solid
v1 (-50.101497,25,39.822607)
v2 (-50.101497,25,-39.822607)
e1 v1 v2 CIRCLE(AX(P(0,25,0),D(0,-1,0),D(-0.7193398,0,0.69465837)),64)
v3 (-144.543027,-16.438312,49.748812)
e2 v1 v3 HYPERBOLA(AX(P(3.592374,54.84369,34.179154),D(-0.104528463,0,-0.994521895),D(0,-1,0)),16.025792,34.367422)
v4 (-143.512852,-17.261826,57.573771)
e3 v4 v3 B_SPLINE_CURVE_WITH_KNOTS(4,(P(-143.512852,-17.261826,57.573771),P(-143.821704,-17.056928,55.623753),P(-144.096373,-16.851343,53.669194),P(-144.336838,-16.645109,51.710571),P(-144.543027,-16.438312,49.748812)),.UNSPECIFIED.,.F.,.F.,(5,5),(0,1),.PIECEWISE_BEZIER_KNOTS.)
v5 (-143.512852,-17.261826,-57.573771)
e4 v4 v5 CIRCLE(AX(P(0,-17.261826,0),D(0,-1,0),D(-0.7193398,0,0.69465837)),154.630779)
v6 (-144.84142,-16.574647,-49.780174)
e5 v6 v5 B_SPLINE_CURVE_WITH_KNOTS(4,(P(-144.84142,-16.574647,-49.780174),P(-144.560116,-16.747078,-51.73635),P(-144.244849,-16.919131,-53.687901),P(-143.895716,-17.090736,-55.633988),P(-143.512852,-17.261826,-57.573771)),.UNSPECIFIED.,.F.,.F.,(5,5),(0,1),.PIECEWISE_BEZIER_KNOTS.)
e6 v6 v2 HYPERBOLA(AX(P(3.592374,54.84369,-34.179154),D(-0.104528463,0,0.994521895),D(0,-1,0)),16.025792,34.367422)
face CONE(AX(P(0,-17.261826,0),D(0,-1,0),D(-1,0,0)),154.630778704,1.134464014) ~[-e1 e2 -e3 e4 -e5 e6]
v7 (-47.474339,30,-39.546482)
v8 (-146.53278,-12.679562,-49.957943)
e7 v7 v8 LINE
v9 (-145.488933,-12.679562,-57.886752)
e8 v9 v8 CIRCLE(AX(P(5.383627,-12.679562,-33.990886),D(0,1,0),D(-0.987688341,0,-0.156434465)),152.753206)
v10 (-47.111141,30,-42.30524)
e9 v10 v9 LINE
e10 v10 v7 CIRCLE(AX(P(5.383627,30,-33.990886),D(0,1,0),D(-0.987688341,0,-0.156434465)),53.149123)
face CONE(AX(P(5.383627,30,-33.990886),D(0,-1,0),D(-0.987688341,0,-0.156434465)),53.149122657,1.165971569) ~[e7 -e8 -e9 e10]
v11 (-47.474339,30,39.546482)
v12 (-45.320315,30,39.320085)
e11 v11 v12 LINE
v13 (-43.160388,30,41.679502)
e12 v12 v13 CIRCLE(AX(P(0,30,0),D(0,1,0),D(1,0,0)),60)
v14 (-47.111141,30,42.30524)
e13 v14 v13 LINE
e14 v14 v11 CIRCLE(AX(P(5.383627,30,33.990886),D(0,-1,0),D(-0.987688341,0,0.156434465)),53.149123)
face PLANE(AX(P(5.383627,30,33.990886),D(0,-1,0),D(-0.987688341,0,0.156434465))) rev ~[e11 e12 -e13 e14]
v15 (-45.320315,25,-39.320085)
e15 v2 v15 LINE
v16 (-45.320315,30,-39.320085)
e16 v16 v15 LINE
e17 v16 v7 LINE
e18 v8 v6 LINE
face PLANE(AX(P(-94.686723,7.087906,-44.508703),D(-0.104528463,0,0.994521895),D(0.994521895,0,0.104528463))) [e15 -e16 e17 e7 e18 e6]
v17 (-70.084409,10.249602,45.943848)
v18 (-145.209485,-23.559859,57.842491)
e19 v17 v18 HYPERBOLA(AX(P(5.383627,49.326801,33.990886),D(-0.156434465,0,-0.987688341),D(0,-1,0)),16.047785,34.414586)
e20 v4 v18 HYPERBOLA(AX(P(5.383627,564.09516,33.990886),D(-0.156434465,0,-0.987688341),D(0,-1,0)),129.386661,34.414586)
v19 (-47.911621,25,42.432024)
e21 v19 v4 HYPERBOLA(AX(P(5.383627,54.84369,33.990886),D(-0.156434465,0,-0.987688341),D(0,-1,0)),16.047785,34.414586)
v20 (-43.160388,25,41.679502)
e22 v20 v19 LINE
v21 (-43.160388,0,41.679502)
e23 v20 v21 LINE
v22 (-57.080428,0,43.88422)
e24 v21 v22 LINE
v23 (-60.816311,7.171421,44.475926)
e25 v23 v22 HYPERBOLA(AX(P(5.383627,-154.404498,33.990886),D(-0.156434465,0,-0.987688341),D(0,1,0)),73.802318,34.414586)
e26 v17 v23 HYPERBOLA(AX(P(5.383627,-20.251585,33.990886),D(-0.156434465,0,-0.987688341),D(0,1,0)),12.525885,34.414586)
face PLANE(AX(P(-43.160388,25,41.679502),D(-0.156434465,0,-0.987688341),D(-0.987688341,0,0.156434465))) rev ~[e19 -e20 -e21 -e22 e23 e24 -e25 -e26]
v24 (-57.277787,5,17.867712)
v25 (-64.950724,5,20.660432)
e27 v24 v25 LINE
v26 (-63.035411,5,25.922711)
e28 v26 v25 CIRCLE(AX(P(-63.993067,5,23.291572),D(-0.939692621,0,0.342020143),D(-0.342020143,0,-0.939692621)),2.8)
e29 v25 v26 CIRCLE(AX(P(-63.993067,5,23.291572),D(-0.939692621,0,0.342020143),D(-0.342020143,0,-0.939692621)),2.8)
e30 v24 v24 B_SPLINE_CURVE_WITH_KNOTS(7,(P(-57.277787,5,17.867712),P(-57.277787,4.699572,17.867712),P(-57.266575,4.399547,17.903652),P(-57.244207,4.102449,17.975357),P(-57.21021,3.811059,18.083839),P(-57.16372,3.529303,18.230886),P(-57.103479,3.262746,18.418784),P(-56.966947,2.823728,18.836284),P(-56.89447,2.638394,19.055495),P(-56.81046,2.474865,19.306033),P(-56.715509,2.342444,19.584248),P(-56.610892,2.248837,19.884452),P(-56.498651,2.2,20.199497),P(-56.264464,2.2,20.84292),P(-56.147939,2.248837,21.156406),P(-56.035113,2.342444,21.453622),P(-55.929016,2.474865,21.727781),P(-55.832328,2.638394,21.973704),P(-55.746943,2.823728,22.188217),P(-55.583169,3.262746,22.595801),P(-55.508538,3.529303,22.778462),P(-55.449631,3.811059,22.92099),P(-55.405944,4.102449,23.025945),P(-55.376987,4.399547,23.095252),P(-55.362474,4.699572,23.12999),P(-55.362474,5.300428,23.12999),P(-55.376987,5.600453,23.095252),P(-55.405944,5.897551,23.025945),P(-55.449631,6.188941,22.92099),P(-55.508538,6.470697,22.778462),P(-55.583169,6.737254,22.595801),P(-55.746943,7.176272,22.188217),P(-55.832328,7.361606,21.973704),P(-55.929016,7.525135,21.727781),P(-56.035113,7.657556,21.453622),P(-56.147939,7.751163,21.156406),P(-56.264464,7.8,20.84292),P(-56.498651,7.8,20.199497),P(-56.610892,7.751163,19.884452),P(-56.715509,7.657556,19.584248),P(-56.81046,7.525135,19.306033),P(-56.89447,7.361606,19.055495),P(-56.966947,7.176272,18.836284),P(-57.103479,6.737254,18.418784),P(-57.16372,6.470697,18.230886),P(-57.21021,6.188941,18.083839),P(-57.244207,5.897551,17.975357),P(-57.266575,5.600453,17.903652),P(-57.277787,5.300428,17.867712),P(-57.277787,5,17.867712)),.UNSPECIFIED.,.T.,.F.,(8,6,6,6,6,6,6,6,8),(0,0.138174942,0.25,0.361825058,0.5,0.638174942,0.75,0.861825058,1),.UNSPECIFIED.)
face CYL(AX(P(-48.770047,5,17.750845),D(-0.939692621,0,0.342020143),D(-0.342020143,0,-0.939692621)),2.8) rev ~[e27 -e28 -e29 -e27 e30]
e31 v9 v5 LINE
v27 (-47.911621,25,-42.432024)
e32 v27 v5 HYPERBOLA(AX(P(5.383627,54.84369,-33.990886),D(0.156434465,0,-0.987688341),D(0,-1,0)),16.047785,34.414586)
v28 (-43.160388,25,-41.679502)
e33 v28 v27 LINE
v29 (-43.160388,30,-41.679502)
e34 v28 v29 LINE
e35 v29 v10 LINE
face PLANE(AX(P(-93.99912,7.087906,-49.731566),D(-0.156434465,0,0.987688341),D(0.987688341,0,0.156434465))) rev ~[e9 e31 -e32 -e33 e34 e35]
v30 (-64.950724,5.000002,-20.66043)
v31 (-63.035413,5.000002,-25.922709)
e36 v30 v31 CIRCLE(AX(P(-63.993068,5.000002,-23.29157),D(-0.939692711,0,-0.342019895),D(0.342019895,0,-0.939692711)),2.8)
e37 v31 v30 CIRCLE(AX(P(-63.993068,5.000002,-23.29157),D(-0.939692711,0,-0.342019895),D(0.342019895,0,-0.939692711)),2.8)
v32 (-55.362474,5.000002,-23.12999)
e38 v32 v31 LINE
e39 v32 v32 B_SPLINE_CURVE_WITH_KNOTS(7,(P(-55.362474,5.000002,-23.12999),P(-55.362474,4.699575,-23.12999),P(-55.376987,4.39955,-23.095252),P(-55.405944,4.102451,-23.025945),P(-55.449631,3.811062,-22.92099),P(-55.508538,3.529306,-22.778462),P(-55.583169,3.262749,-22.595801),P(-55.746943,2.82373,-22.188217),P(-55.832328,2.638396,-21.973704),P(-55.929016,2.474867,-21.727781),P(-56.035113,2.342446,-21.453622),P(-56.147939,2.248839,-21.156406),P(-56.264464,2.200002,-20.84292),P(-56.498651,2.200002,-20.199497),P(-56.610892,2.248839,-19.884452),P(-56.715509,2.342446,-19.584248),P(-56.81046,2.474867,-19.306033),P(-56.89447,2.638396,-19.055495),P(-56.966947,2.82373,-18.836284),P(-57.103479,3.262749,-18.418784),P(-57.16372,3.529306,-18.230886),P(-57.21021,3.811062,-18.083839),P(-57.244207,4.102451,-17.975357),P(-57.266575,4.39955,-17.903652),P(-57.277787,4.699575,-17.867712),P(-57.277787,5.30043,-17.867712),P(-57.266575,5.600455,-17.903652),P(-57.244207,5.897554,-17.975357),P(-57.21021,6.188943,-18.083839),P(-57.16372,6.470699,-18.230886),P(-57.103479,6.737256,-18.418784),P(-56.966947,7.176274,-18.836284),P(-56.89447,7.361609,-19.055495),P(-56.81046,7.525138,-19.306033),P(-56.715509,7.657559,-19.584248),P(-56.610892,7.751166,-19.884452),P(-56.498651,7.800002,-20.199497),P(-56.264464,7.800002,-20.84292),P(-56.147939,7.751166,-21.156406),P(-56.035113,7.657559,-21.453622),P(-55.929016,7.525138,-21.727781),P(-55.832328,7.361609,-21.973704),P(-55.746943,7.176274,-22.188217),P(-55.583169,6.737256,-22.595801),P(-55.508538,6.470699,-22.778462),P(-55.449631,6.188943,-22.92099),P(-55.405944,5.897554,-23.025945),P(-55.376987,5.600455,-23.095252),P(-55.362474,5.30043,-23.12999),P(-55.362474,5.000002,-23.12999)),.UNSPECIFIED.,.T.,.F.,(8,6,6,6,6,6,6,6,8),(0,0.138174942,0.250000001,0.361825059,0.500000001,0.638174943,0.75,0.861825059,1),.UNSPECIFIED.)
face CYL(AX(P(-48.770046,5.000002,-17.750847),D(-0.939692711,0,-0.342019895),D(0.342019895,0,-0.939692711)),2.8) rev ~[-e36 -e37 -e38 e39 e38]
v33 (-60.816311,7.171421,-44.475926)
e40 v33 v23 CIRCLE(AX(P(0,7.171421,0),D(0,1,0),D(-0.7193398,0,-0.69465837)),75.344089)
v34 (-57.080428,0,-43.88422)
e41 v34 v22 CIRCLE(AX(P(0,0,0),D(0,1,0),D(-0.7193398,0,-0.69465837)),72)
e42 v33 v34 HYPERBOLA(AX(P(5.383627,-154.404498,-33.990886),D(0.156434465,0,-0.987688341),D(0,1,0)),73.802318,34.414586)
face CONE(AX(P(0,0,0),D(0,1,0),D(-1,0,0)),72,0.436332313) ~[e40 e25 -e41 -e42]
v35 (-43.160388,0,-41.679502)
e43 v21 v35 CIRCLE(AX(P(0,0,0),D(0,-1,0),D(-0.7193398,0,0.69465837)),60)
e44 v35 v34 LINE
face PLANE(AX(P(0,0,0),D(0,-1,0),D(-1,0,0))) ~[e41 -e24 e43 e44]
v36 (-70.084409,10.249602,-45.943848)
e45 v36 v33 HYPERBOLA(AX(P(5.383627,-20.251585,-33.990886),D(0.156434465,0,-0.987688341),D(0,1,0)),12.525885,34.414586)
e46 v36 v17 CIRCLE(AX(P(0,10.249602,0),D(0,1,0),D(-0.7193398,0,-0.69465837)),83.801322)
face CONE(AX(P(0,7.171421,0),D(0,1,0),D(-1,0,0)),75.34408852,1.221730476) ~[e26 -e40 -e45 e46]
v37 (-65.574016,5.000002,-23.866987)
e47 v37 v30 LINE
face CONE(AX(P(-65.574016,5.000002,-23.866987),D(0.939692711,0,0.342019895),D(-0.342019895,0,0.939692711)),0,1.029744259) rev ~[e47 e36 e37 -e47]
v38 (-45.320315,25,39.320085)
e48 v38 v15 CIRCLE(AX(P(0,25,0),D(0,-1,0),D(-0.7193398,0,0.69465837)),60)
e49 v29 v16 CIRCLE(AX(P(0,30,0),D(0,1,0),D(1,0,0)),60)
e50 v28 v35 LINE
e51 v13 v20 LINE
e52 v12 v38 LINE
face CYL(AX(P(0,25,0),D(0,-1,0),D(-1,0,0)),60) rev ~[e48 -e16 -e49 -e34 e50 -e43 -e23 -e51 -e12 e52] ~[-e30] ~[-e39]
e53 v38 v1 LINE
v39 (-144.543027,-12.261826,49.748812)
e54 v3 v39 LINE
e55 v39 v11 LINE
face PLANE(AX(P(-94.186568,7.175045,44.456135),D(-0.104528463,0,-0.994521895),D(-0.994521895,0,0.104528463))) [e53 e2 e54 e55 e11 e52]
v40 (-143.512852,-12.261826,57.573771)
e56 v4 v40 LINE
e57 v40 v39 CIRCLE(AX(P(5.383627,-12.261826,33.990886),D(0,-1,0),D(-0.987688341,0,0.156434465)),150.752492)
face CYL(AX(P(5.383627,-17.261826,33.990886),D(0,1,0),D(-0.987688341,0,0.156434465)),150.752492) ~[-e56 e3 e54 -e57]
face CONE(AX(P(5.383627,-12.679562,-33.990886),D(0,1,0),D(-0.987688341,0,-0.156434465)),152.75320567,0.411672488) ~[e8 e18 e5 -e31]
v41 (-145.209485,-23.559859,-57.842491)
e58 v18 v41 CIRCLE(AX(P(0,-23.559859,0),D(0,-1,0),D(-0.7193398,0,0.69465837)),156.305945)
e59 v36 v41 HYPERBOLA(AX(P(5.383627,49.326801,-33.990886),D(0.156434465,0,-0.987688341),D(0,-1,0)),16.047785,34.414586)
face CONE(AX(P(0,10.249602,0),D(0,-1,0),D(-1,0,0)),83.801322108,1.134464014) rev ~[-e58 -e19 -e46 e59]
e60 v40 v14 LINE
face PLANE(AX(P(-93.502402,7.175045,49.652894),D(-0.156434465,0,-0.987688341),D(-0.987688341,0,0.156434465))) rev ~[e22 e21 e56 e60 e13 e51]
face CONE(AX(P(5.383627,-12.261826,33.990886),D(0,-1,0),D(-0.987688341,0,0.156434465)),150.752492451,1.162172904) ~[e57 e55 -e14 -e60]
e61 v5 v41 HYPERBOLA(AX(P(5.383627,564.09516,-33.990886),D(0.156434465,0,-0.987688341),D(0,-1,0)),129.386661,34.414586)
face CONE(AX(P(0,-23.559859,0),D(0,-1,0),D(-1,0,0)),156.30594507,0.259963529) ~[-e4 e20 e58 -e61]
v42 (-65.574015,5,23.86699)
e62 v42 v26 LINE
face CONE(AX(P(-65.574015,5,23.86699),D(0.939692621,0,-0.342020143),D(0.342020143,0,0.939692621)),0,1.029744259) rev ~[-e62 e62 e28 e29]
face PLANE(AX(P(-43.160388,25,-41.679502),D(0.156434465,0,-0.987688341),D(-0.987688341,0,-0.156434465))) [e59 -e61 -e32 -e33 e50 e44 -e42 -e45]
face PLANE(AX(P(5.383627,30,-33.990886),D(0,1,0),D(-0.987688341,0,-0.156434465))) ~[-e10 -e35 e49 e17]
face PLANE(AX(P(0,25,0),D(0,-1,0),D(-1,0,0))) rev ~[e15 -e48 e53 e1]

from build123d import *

# Parameters (mm, degrees)
RIVOLUZIONE1_ANGLE                 = 44
RIVOLUZIONE1_OTHER_WAY_ANGLE       = 44
TAGLIO_ESTRUSIONE1_DEPTH           = 59
FORO_PER_VITE_M4_1_D               = 5.6
FORO_PER_VITE_M4_1_DEPTH           = 8.1
FORO_PER_VITE_M4_1_TIP             = 1.682409733
FORO_PER_VITE_M4_1_ON_FACE_2_D     = 5.6
FORO_PER_VITE_M4_1_ON_FACE_2_DEPTH = 8.1
FORO_PER_VITE_M4_1_ON_FACE_2_TIP   = 1.682409733
RIVOLUZIONE2_ANGLE                 = 3
RIVOLUZIONE3_ANGLE                 = 3
TAGLIO_ESTRUSIONE2_START           = -59
SCHIZZO7_R                         = 60
TAGLIO_ESTRUSIONE2_DEPTH           = 59


with BuildPart() as part:
    # Schizzo1 → Rivoluzione1 (revolve)
    with BuildSketch(Plane(origin=(0, 0, 0), x_dir=(-1, 0, 0), z_dir=(0, 0, -1))):
        Polygon((83.801322108, 10.249602265), (156.30594507, -23.559858674), (154.630778704, -17.261826174), (64, 25), (60, 25), (60, 0), (72, 0), (75.34408852, 7.171420975), align=None)
    revolve(axis=Axis((0, 0, 0), (0, 1, 0)), revolution_arc=RIVOLUZIONE1_ANGLE)

    # Schizzo1 → Rivoluzione1 other way (revolve)
    with BuildSketch(Plane(origin=(0, 0, 0), x_dir=(-1, 0, 0), z_dir=(0, 0, -1))):
        Polygon((83.801322108, 10.249602265), (156.30594507, -23.559858674), (154.630778704, -17.261826174), (64, 25), (60, 25), (60, 0), (72, 0), (75.34408852, 7.171420975), align=None)
    revolve(axis=Axis((0, 0, 0), (0, -1, 0)), revolution_arc=RIVOLUZIONE1_OTHER_WAY_ANGLE)

    # Schizzo6 → Taglio-Estrusione1 (cut)
    with BuildSketch(Plane(origin=(0, 25, 0), x_dir=(1, 0, 0), z_dir=(0, 1, 0))):
        with BuildLine():
            Line((-43.16038802, 41.679502228), (-145.209485409, 57.842491403))
            ThreePointArc((-145.209485409, 57.842491403), (-131.297347075, 84.808932993), (-112.437087319, 108.579233096))
            Line((-112.437087319, 108.579233096), (-43.16038802, 41.679502228))
        make_face()
        with BuildLine():
            Line((-43.16038802, -41.679502228), (-145.209485409, -57.842491403))
            ThreePointArc((-145.209485409, -57.842491403), (-131.297347075, -84.808932993), (-112.437087319, -108.579233096))
            Line((-112.437087319, -108.579233096), (-43.16038802, -41.679502228))
        make_face()
    extrude(amount=-TAGLIO_ESTRUSIONE1_DEPTH, mode=Mode.SUBTRACT)

    # Foro per Vite M4-1
    with Locations(Plane(origin=(-56.381557247, 5, 20.5212086), x_dir=(0.342020143326, 0, 0.939692620786), z_dir=(0.939692620786, 0, -0.342020143326))):
        with Locations((0, 0)):
            Hole(FORO_PER_VITE_M4_1_D / 2, depth=FORO_PER_VITE_M4_1_DEPTH)
            with Locations((0, 0, -(FORO_PER_VITE_M4_1_DEPTH + FORO_PER_VITE_M4_1_TIP / 2))):  # 118° drill point
                Cone(0, FORO_PER_VITE_M4_1_D / 2, FORO_PER_VITE_M4_1_TIP, mode=Mode.SUBTRACT)

    # Foro per Vite M4-1 on face 2
    with Locations(Plane(origin=(-56.381557247, 5.000002473, -20.5212086), x_dir=(-0.342019894889, 0, 0.939692711209), z_dir=(0.939692711209, 0, 0.342019894889))):
        with Locations((0, 0)):
            Hole(FORO_PER_VITE_M4_1_ON_FACE_2_D / 2, depth=FORO_PER_VITE_M4_1_ON_FACE_2_DEPTH)
            with Locations((0, 0, -(FORO_PER_VITE_M4_1_ON_FACE_2_DEPTH + FORO_PER_VITE_M4_1_ON_FACE_2_TIP / 2))):  # 118° drill point
                Cone(0, FORO_PER_VITE_M4_1_ON_FACE_2_D / 2, FORO_PER_VITE_M4_1_ON_FACE_2_TIP, mode=Mode.SUBTRACT)

    # Schizzo2 → Rivoluzione2 (revolve)
    with BuildSketch(Plane(origin=(7.537525881, 0, -33.649741509), x_dir=(-0.9876883405951378, 0, -0.15643446504023117), z_dir=(0.15643446504023117, 0, -0.9876883405951378))):
        Polygon((51.329869775, 25), (51.329869775, 30), (55.329869775, 30), (154.933952788, -12.679561819), (152.933239569, -17.261826174), (56.140326971, 25), align=None)
    revolve(axis=Axis((5.383627379, 0, -33.990885517), (0, 1, 0)), revolution_arc=RIVOLUZIONE2_ANGLE)

    # Schizzo3 → Rivoluzione3 (revolve)
    with BuildSketch(Plane(origin=(7.537525881, 0, 33.649741509), x_dir=(0.9876883405951378, 0, -0.15643446504023112), z_dir=(0.15643446504023112, 0, 0.9876883405951378))):
        Polygon((-51.329869775, 25), (-56.140326971, 25), (-152.933239569, -17.261826174), (-152.933239569, -12.261826174), (-55.329869775, 30), (-51.329869775, 30), align=None)
    revolve(axis=Axis((5.383627379, 0, 33.990885517), (0, -1, 0)), revolution_arc=RIVOLUZIONE3_ANGLE)

    # Schizzo7 → Taglio-Estrusione2 (cut)
    with BuildSketch(Plane(origin=(0, 30, 0), x_dir=(1, 0, 0), z_dir=(0, 1, 0)).offset(TAGLIO_ESTRUSIONE2_START)):
        Circle(SCHIZZO7_R)
    extrude(amount=TAGLIO_ESTRUSIONE2_DEPTH, mode=Mode.SUBTRACT)


solid = part.part
